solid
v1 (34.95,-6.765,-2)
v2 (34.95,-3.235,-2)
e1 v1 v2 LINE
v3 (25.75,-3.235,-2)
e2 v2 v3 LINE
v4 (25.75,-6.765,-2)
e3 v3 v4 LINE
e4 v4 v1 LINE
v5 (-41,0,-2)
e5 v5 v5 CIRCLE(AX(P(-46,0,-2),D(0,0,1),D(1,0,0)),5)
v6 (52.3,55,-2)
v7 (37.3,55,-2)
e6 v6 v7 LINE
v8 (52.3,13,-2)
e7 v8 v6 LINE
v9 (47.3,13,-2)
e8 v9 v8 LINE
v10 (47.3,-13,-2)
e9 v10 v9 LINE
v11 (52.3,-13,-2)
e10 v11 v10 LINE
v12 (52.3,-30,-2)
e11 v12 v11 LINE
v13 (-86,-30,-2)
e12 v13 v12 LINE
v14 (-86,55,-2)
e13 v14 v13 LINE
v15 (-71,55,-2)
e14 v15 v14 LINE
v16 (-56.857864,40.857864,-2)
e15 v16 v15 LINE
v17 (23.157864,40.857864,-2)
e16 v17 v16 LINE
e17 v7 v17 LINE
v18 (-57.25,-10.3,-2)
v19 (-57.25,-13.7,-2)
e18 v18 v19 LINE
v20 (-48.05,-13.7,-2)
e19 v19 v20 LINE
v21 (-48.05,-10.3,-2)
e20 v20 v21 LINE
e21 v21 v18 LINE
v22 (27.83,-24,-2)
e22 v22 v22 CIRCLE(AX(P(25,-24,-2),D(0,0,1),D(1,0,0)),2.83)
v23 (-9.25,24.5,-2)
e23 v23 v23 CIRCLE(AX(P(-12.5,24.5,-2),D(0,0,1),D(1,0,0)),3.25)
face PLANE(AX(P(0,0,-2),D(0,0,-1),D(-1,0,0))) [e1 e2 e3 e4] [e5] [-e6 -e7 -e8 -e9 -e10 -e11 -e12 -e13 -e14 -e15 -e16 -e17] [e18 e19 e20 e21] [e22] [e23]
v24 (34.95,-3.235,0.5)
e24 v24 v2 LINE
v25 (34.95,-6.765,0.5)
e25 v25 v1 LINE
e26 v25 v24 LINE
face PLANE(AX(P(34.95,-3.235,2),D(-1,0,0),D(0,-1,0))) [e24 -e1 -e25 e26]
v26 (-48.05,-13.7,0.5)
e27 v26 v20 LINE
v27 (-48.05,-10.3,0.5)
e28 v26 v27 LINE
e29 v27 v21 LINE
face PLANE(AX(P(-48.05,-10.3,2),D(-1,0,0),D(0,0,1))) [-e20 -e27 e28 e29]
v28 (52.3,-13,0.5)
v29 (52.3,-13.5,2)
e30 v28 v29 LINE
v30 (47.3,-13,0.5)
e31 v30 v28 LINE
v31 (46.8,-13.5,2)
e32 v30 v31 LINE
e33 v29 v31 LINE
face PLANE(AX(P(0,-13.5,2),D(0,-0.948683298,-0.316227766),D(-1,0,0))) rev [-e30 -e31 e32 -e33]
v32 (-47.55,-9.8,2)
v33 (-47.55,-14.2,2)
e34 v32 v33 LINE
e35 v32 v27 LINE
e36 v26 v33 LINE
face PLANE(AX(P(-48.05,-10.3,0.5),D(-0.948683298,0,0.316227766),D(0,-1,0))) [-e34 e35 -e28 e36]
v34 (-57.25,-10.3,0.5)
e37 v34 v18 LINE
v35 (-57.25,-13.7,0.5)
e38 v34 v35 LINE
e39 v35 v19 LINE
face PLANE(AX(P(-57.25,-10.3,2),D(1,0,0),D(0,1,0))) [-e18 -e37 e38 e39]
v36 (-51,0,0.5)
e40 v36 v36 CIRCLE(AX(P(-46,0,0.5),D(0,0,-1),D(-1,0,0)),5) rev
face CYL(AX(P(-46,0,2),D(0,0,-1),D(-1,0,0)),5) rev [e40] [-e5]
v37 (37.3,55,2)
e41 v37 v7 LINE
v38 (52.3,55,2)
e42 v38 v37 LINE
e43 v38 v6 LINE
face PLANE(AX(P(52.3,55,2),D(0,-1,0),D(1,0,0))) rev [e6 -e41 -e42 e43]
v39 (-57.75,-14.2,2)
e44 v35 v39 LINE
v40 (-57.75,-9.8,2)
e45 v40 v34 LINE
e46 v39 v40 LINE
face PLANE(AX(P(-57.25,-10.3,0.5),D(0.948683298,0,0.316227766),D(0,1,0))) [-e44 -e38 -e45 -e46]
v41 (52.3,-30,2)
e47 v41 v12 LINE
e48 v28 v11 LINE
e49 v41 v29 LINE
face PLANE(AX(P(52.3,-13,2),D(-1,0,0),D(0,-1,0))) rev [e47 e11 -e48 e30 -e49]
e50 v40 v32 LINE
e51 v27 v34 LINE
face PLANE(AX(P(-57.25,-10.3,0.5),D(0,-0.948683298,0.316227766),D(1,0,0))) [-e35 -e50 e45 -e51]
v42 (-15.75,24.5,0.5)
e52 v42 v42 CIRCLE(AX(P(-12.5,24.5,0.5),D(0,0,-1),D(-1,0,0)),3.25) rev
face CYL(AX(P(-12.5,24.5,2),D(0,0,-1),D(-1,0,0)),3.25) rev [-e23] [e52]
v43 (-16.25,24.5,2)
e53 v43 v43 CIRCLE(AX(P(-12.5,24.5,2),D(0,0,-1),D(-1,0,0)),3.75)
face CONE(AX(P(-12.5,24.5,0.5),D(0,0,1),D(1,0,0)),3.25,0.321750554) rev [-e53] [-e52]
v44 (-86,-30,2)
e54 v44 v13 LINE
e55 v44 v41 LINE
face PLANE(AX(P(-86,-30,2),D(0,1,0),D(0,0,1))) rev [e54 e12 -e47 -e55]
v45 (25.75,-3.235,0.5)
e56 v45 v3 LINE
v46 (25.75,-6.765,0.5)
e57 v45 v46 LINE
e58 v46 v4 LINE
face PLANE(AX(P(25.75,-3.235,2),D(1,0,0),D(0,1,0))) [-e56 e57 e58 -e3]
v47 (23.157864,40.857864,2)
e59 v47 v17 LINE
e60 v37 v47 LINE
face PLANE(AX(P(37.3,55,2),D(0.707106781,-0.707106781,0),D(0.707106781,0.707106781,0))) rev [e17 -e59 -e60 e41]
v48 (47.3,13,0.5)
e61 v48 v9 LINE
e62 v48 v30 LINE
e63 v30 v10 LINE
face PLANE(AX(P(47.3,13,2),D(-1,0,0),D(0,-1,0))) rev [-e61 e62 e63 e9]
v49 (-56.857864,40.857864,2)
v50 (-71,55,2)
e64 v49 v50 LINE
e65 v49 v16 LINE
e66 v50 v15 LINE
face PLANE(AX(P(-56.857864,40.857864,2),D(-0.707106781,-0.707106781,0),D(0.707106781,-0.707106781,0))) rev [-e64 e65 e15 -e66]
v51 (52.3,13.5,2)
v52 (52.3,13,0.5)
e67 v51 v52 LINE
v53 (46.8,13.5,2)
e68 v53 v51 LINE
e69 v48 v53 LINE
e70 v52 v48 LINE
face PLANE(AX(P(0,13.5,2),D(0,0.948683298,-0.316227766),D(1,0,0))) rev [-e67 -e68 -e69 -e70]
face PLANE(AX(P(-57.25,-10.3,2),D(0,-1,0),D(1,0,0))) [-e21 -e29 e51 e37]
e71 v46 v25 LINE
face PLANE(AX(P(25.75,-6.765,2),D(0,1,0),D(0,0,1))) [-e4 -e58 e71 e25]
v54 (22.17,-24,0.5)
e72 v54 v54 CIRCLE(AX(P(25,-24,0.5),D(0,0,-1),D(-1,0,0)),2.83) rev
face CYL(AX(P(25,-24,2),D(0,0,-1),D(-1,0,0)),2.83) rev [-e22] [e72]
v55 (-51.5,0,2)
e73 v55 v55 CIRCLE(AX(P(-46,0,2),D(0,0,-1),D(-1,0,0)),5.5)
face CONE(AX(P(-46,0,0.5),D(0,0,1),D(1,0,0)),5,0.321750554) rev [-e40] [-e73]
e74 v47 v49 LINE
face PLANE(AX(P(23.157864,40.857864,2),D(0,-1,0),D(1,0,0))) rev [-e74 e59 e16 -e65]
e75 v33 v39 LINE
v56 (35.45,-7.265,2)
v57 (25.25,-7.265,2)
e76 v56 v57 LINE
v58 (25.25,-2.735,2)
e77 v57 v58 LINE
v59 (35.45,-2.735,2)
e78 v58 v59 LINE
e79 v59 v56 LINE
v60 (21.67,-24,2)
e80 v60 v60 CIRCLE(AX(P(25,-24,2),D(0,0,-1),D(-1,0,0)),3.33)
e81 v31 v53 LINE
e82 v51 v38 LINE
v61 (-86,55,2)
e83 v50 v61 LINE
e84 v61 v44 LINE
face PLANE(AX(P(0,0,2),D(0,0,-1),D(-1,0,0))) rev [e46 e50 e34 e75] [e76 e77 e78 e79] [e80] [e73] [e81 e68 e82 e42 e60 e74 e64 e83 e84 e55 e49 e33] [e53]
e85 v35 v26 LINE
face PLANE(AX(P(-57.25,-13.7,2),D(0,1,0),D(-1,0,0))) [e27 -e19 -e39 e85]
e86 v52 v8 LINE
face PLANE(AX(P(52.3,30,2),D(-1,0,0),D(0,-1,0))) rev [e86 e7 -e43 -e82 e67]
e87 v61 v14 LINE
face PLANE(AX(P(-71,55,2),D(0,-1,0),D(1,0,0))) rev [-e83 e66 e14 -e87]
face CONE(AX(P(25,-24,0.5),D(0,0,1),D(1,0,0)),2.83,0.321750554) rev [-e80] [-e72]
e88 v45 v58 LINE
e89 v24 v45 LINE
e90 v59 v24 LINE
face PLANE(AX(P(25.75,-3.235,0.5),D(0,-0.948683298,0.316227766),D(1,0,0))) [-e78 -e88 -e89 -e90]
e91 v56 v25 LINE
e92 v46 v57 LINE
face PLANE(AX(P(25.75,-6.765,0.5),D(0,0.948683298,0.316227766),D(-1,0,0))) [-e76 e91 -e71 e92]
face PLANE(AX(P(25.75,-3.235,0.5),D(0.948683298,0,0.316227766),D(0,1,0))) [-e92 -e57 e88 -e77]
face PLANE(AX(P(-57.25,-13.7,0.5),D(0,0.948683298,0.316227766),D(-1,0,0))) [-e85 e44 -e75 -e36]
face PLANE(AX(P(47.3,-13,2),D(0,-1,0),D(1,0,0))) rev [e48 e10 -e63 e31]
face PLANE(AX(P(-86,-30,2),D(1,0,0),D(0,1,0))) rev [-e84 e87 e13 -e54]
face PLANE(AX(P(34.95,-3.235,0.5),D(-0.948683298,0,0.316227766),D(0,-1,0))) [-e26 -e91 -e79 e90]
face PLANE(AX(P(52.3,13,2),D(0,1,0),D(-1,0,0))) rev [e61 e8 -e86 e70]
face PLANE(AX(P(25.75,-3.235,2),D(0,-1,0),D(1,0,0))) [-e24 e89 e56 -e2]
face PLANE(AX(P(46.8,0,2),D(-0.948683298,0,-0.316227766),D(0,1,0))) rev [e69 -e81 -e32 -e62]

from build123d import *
from OCP.BRepFilletAPI import BRepFilletAPI_MakeChamfer

# Parameters (mm, degrees)
SKETCH1_R           = 5
SKETCH1_R_2         = 2.83
SKETCH1_R_3         = 3.25
SKETCH1_W           = 9.2
SKETCH1_H           = 3.53
SKETCH1_H_2         = 3.4
BOSS_EXTRUDE1_DEPTH = 2
BOSS_EXTRUDE2_DEPTH = 2
CHAMFER1_SIZE       = 0.5
CHAMFER1_SIZE2      = 1.5
CHAMFER2_SIZE       = 1.5
CHAMFER2_SIZE2      = 0.5


with BuildPart() as part:
    # Sketch1 → Boss-Extrude1 (new, symmetric)
    with BuildSketch(Plane.XY):
        Polygon((-86, -30), (-86, 30), (52.3, 30), (52.3, 13), (47.3, 13), (47.3, -13), (52.3, -13), (52.3, -30), align=None)
        with Locations((-46, 0)):
            Circle(SKETCH1_R, mode=Mode.SUBTRACT)
        with Locations((25, -24)):
            Circle(SKETCH1_R_2, mode=Mode.SUBTRACT)
        with Locations((-12.5, 24.5)):
            Circle(SKETCH1_R_3, mode=Mode.SUBTRACT)
        with Locations((30.35, -5)):
            Rectangle(SKETCH1_W, SKETCH1_H, mode=Mode.SUBTRACT)
        with Locations((-52.65, -12)):
            Rectangle(SKETCH1_W, SKETCH1_H_2, mode=Mode.SUBTRACT)
    extrude(amount=BOSS_EXTRUDE1_DEPTH, both=True)

    # Sketch2 → Boss-Extrude2 (add, symmetric)
    with BuildSketch(Plane.XY):
        Polygon((-86, 30), (52.3, 30), (52.3, 55), (37.3, 55), (23.157864376, 40.857864376), (-56.857864376, 40.857864376), (-71, 55), (-86, 55), align=None)
    extrude(amount=BOSS_EXTRUDE2_DEPTH, both=True)

    # Chamfer1
    chamfer1_edges = [part.edges().sort_by_distance(p)[0] for p in [
        (-57.25, -12, 2),
        (-52.65, -13.7, 2),
        (-48.05, -12, 2),
        (-52.65, -10.3, 2),
        (-15.75, 24.5, 2),
        (-51, 0, 2),
        (25.75, -5, 2),
        (30.35, -6.765, 2),
        (34.95, -5, 2),
        (30.35, -3.235, 2),
        (22.17, -24, 2),
    ]]
    chamfer1_side = [part.faces().sort_by_distance(p)[0] for p in [
        (-17.641163969, 8.221234178, 2),
    ]]
    chamfer(chamfer1_edges, length=CHAMFER1_SIZE, length2=CHAMFER1_SIZE2, reference=chamfer1_side[0])

    # Chamfer2: one chamfer whose edges measure the first distance from different faces: ONE call of the kernel's chamfer builder (chamfer() names one face for all edges)
    chamfer2_edges_1 = [part.edges().sort_by_distance(p)[0] for p in [
        (49.8, -13, 2),
    ]]
    chamfer2_side_1 = [part.faces().sort_by_distance(p)[0] for p in [
        (49.8, -13, 0),
    ]]
    chamfer2_edges_2 = [part.edges().sort_by_distance(p)[0] for p in [
        (47.3, 0, 2),
    ]]
    chamfer2_side_2 = [part.faces().sort_by_distance(p)[0] for p in [
        (47.3, 0, 0),
    ]]
    chamfer2_edges_3 = [part.edges().sort_by_distance(p)[0] for p in [
        (49.8, 13, 2),
    ]]
    chamfer2_side_3 = [part.faces().sort_by_distance(p)[0] for p in [
        (49.8, 13, 0),
    ]]
    chamfer2 = BRepFilletAPI_MakeChamfer(part.part.solid().wrapped)
    for e in chamfer2_edges_1:
        chamfer2.Add(CHAMFER2_SIZE, CHAMFER2_SIZE2, e.wrapped, chamfer2_side_1[0].wrapped)  # the first distance lies on this face
    for e in chamfer2_edges_2:
        chamfer2.Add(CHAMFER2_SIZE, CHAMFER2_SIZE2, e.wrapped, chamfer2_side_2[0].wrapped)  # the first distance lies on this face
    for e in chamfer2_edges_3:
        chamfer2.Add(CHAMFER2_SIZE, CHAMFER2_SIZE2, e.wrapped, chamfer2_side_3[0].wrapped)  # the first distance lies on this face
    add(Compound.cast(chamfer2.Shape()), mode=Mode.REPLACE)


solid = part.part
